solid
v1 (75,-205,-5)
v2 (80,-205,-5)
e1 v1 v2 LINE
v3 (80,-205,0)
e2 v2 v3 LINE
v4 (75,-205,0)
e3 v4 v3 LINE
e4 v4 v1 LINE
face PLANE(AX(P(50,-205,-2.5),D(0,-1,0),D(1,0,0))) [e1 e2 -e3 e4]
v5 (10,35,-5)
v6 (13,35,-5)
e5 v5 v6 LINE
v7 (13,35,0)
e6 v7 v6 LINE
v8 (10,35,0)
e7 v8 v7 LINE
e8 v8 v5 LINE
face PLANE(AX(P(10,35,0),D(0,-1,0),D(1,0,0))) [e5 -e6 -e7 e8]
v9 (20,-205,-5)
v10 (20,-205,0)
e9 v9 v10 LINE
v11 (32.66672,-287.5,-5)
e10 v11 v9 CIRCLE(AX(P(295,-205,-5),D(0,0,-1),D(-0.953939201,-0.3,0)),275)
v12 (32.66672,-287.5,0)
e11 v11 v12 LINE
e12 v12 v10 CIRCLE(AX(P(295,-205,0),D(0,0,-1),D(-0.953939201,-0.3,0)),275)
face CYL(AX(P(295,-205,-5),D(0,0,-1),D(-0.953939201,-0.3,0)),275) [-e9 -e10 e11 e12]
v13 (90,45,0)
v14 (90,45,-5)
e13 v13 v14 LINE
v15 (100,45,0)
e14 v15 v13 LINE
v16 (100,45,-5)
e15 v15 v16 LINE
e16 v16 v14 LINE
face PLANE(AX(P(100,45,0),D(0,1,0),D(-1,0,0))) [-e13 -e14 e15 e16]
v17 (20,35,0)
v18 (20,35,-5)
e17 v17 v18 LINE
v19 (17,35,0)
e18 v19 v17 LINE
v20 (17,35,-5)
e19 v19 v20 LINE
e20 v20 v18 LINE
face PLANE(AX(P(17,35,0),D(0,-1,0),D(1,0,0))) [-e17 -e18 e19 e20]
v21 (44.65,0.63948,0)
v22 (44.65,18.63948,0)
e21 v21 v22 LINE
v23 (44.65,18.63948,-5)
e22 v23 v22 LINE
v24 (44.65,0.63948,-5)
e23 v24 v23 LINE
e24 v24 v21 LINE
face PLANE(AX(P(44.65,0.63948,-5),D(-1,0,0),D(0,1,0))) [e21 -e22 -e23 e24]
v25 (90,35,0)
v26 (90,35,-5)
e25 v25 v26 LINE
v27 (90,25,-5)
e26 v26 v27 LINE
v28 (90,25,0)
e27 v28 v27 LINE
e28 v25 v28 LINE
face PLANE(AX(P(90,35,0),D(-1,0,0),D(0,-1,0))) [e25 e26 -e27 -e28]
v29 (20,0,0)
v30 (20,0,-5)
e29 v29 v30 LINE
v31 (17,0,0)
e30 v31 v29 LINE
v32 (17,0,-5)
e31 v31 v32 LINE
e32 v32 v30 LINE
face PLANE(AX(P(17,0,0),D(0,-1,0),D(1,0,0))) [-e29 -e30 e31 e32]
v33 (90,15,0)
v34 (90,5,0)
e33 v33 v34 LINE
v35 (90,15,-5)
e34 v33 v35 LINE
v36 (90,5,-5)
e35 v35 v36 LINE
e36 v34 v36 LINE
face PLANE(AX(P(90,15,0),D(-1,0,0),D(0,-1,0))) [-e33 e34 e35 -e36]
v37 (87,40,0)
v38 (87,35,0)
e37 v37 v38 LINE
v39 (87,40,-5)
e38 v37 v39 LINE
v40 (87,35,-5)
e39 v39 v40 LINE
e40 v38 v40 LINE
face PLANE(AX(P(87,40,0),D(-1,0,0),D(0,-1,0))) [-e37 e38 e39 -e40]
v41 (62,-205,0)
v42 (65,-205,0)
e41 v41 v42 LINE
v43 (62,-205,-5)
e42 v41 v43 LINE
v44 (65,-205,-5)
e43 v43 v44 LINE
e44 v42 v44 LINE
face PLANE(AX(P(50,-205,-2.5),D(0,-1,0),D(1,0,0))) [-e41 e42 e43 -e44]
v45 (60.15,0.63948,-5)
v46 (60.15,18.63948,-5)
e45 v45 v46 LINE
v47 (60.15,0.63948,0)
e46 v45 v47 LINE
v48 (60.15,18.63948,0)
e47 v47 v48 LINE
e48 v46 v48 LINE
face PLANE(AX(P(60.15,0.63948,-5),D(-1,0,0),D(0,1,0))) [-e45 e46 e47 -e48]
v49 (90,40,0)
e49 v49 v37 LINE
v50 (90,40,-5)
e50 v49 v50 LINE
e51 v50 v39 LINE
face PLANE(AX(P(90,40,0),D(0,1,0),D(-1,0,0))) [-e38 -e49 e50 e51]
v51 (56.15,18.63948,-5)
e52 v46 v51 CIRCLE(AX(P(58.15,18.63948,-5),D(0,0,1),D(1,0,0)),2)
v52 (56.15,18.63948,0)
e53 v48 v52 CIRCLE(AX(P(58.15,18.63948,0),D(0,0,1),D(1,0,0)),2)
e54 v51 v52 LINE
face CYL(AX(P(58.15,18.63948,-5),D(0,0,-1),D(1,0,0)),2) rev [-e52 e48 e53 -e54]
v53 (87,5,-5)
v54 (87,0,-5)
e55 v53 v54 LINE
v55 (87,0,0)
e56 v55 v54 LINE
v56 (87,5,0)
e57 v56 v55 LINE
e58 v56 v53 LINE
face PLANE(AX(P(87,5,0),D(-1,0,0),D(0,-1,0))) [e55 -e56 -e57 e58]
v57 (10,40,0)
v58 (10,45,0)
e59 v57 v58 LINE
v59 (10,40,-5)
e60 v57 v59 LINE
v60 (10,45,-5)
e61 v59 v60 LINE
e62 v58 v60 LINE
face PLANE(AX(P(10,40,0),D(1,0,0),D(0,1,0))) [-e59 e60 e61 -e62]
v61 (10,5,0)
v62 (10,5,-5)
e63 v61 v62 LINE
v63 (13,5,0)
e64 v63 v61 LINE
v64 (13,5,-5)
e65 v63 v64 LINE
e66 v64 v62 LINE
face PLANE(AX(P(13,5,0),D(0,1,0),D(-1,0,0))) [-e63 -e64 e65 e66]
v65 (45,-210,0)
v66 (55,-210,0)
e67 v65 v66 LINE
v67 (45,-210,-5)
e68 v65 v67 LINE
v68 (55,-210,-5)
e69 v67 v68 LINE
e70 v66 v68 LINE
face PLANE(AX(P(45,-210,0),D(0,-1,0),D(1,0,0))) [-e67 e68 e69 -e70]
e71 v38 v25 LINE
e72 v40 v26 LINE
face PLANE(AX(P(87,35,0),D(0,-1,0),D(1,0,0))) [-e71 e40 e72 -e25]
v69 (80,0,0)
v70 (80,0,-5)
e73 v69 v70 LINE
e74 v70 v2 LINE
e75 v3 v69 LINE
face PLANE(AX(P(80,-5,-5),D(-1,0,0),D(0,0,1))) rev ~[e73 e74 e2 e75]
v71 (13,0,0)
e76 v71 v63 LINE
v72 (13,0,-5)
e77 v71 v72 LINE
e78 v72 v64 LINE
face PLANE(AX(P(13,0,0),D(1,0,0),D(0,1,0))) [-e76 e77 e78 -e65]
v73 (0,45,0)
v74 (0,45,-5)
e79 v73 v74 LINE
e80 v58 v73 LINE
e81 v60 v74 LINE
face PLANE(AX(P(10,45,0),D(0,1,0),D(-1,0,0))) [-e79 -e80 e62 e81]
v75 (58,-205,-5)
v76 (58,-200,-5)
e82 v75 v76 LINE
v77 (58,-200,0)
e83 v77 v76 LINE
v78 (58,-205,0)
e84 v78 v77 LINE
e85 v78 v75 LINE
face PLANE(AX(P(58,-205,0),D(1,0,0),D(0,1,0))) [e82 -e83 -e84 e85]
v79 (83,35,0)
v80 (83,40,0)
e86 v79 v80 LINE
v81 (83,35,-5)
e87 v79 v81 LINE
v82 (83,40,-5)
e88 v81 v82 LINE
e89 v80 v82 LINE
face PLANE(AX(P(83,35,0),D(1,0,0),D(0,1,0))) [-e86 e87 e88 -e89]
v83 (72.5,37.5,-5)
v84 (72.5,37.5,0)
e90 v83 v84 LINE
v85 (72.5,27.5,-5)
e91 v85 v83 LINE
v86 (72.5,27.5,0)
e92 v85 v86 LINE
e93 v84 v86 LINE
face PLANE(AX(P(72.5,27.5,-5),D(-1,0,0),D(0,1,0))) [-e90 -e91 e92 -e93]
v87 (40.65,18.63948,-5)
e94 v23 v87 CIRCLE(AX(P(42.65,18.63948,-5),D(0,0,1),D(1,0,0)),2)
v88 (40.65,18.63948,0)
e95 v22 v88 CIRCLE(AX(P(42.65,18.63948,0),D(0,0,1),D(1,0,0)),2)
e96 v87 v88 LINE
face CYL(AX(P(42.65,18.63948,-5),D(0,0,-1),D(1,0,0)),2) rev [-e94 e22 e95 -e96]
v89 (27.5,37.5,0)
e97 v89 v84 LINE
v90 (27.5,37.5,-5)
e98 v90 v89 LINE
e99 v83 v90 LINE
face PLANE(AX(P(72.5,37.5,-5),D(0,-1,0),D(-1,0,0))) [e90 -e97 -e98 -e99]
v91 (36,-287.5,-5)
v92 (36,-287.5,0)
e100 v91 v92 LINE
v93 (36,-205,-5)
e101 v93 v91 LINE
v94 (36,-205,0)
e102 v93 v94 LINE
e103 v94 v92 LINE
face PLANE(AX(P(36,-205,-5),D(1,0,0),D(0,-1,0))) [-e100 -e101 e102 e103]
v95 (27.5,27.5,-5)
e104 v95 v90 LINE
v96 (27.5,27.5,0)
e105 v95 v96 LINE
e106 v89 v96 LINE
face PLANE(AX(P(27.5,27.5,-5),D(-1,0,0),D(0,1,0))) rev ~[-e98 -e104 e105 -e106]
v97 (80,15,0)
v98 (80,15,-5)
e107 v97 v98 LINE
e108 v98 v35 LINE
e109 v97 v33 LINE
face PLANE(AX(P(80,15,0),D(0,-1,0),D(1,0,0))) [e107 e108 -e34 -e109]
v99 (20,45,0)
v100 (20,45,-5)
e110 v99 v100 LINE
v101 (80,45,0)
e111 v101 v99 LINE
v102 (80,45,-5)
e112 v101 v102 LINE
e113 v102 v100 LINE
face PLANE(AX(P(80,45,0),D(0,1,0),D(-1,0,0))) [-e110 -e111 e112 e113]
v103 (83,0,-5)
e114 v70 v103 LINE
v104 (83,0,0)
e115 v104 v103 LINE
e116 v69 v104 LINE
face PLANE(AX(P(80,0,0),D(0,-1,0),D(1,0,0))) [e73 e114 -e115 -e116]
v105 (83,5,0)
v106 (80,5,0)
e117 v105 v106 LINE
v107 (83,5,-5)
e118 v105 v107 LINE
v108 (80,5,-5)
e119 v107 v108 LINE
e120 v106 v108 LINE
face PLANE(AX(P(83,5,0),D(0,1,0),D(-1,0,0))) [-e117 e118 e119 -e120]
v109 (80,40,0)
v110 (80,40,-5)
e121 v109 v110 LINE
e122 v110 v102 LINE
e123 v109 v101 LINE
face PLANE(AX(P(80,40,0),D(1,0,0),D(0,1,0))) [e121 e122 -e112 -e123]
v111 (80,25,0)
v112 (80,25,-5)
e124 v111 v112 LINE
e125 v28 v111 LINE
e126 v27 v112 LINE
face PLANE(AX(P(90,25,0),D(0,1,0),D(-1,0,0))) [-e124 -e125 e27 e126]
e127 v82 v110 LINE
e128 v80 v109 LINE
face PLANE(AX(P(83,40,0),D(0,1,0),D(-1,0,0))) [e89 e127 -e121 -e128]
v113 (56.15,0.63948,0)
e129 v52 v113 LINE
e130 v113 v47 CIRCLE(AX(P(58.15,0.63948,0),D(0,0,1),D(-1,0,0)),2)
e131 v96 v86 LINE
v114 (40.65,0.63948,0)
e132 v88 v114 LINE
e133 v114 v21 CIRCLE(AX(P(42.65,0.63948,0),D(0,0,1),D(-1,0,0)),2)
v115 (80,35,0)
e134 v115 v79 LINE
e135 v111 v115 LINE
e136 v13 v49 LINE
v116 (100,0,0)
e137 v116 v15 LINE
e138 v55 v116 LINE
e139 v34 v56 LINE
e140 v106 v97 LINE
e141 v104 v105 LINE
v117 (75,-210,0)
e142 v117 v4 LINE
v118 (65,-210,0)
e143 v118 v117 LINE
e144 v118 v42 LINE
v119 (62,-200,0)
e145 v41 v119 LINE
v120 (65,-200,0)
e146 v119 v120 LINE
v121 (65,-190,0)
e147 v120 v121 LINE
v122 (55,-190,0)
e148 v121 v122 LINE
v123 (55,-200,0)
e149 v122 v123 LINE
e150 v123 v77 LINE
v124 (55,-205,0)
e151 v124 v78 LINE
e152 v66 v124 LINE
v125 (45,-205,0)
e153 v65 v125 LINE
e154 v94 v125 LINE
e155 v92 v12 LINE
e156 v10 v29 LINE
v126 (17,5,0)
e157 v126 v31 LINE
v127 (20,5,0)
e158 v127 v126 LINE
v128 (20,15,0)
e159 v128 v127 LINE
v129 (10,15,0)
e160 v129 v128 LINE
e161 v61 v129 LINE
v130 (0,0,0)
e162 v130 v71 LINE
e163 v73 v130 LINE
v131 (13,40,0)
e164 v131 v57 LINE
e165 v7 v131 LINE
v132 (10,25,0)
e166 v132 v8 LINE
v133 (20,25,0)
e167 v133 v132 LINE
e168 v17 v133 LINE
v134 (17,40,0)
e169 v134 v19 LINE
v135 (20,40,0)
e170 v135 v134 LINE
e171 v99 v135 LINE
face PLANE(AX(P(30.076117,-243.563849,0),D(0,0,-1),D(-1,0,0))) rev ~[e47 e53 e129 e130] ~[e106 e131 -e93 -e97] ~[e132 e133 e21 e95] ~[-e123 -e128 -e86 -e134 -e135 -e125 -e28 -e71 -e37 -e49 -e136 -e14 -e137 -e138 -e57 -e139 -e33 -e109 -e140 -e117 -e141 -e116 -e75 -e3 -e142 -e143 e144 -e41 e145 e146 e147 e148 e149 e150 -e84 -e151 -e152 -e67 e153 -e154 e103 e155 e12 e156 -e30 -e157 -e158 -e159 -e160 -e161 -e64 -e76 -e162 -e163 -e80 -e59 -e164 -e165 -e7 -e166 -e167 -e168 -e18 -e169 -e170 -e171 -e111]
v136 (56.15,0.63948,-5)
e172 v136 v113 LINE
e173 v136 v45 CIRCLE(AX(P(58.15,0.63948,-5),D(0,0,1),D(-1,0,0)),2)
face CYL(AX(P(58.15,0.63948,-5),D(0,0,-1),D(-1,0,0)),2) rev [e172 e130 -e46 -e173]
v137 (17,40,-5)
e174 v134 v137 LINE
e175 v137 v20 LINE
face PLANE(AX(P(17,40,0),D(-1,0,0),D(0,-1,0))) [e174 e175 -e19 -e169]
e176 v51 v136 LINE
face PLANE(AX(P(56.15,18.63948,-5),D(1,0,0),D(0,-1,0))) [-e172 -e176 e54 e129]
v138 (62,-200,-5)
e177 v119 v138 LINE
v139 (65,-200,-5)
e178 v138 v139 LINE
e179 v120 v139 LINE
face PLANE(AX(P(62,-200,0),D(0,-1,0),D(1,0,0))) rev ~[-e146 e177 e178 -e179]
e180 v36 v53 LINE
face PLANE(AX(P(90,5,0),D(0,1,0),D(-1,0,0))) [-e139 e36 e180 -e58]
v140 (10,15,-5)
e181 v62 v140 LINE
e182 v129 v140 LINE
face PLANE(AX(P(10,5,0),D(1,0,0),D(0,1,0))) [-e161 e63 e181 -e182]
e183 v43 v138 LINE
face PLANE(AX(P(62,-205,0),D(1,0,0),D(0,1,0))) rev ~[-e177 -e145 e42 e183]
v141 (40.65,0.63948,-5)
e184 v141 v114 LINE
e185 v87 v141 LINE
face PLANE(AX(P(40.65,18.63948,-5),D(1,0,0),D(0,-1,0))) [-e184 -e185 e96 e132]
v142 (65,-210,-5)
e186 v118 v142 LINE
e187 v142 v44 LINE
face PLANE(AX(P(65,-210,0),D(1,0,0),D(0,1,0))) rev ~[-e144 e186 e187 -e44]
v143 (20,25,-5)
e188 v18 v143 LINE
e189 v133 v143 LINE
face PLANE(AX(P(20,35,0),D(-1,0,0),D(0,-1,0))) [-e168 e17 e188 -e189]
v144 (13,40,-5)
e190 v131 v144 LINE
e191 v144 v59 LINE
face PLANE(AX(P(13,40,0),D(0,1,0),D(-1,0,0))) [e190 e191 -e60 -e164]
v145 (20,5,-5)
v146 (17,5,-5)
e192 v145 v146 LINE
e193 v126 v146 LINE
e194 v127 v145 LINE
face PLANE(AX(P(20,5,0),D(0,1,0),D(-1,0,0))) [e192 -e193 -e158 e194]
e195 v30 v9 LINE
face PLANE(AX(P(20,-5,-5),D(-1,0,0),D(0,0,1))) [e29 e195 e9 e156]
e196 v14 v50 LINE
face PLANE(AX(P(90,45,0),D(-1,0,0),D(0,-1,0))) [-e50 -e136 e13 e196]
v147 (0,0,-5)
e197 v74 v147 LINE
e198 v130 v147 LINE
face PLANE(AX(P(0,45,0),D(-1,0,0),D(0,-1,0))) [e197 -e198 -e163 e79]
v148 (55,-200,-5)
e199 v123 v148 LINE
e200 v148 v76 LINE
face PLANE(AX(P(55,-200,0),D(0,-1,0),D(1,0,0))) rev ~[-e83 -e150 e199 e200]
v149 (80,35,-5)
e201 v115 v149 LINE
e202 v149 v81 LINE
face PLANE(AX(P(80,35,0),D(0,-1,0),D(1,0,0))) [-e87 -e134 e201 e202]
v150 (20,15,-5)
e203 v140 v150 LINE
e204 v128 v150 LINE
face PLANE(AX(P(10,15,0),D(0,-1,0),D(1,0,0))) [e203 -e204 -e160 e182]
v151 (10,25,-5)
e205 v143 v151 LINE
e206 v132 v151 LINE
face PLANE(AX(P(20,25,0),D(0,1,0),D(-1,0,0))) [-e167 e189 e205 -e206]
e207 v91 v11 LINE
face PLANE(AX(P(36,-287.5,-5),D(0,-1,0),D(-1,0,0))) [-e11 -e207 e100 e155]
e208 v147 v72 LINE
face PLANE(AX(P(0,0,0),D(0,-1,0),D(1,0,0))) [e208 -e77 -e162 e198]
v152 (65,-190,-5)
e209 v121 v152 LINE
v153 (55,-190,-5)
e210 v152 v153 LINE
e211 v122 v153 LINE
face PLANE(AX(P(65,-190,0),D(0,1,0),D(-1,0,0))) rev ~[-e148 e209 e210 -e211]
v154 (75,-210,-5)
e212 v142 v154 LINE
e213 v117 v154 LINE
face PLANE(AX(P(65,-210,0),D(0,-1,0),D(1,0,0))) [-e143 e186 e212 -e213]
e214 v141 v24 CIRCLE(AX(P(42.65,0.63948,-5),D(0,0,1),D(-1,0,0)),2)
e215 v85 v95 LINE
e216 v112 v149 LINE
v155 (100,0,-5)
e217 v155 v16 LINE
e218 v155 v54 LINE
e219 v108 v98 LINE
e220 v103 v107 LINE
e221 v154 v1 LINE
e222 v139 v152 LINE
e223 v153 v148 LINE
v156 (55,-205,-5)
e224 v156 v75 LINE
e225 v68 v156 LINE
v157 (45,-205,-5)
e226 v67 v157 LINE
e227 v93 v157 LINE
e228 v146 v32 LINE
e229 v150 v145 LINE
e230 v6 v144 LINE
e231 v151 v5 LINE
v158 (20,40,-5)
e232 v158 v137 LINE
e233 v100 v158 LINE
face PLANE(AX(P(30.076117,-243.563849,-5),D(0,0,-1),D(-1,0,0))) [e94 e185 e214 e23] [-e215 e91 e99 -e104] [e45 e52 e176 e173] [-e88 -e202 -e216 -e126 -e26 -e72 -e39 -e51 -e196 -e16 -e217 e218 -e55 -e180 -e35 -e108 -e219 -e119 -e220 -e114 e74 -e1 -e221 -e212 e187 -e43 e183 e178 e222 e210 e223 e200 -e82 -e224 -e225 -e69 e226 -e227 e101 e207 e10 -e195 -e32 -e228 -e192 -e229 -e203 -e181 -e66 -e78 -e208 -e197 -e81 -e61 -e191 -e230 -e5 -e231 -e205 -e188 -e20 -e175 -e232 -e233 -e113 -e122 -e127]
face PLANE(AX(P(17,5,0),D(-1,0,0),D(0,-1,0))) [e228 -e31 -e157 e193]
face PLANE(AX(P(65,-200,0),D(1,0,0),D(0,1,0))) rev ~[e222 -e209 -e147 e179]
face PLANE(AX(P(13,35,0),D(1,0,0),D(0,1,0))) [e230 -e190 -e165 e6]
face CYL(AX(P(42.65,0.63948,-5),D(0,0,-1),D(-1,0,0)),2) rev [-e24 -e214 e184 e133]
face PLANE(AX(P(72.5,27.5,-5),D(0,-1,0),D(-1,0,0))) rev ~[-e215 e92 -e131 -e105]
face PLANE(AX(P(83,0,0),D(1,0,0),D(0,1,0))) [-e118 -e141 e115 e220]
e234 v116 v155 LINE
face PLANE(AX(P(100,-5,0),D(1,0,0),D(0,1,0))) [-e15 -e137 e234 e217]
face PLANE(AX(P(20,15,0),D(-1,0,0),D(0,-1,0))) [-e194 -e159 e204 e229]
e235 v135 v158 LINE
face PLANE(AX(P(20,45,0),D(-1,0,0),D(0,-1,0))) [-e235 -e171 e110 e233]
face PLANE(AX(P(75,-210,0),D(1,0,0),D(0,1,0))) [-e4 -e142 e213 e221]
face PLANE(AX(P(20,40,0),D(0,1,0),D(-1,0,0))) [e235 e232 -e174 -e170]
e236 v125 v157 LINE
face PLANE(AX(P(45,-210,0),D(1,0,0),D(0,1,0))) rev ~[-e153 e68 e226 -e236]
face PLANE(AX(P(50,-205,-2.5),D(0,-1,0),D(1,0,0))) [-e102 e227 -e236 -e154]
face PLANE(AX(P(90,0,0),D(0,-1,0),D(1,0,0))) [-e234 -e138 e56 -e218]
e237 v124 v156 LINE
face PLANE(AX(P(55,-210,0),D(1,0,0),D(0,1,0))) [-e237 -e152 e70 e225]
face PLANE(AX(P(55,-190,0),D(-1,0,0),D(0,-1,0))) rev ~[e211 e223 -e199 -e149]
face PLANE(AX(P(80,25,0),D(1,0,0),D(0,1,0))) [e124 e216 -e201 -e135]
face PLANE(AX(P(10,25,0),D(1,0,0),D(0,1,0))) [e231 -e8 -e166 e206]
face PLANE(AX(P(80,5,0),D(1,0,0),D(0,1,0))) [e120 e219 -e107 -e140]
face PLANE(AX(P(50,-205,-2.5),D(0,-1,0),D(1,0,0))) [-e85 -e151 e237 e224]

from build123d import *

# Parameters (mm, degrees)
BOSS_EXTRUDE1_DEPTH = 5
CUT_EXTRUDE3_DEPTH  = 5
SKETCH5_W           = 45
SKETCH5_H           = 10
CUT_EXTRUDE4_DEPTH  = 10
SKETCH6_W           = 10
SKETCH6_H           = 5
CUT_EXTRUDE5_DEPTH  = 5
SKETCH7_W           = 60
SKETCH7_H           = 5
BOSS_EXTRUDE2_DEPTH = 200
SKETCH8_W           = 10
SKETCH8_H           = 5
BOSS_EXTRUDE3_DEPTH = 5
SKETCH9_W           = 4
SKETCH9_H           = 5
CUT_EXTRUDE6_DEPTH  = 5
BOSS_EXTRUDE4_DEPTH = 5


with BuildPart() as part:
    # Sketch1 → Boss-Extrude1 (new body)
    with BuildSketch(Plane.XY):
        Polygon((0, -5), (10, -5), (10, 0), (13, 0), (13, 5), (10, 5), (10, 15), (20, 15), (20, 5), (17, 5), (17, 0), (20, 0), (20, -5), (80, -5), (80, 0), (83, 0), (83, 5), (80, 5), (80, 15), (90, 15), (90, 5), (87, 5), (87, 0), (90, 0), (90, -5), (100, -5), (100, 45), (90, 45), (90, 40), (87, 40), (87, 35), (90, 35), (90, 25), (80, 25), (80, 35), (83, 35), (83, 40), (80, 40), (80, 45), (20, 45), (20, 40), (17, 40), (17, 35), (20, 35), (20, 25), (10, 25), (10, 35), (13, 35), (13, 40), (10, 40), (10, 45), (0, 45), align=None)
    extrude(amount=-BOSS_EXTRUDE1_DEPTH)

    # Sketch4 → Cut-Extrude3 (cut)
    with BuildSketch(Plane(origin=(0, 0, -5), x_dir=(-1, 0, 0), z_dir=(0, 0, -1))):
        with BuildLine():
            Line((-60.15, 0.639479816), (-60.15, 18.639479816))
            ThreePointArc((-60.15, 18.639479816), (-58.15, 20.639479816), (-56.15, 18.639479816))
            Line((-56.15, 18.639479816), (-56.15, 0.639479816))
            ThreePointArc((-56.15, 0.639479816), (-58.15, -1.360520184), (-60.15, 0.639479816))
        make_face()
        with BuildLine():
            Line((-44.65, 0.639479816), (-44.65, 18.639479816))
            ThreePointArc((-44.65, 18.639479816), (-42.65, 20.639479816), (-40.65, 18.639479816))
            Line((-40.65, 18.639479816), (-40.65, 0.639479816))
            ThreePointArc((-40.65, 0.639479816), (-42.65, -1.360520184), (-44.65, 0.639479816))
        make_face()
    extrude(amount=-CUT_EXTRUDE3_DEPTH, mode=Mode.SUBTRACT)

    # Sketch5 → Cut-Extrude4 (cut)
    with BuildSketch(Plane(origin=(0, 0, -5), x_dir=(-1, 0, 0), z_dir=(0, 0, -1))):
        with Locations((-50, 32.5)):
            Rectangle(SKETCH5_W, SKETCH5_H)
    extrude(amount=-CUT_EXTRUDE4_DEPTH, mode=Mode.SUBTRACT)

    # Sketch6 → Cut-Extrude5 (cut)
    with BuildSketch(Plane.XY):
        with Locations((5, -2.5)):
            Rectangle(SKETCH6_W, SKETCH6_H)
        with Locations((95, -2.5)):
            Rectangle(SKETCH6_W, SKETCH6_H)
    extrude(amount=-CUT_EXTRUDE5_DEPTH, mode=Mode.SUBTRACT)

    # Sketch7 → Boss-Extrude2 (add)
    with BuildSketch(Plane.XZ.offset(5)):
        with Locations((50, -2.5)):
            Rectangle(SKETCH7_W, SKETCH7_H)
    extrude(amount=BOSS_EXTRUDE2_DEPTH)

    # Sketch8 → Boss-Extrude3 (add)
    with BuildSketch(Plane.XY):
        with Locations((50, -207.5)):
            Rectangle(SKETCH8_W, SKETCH8_H)
        with Locations((70, -207.5)):
            Rectangle(SKETCH8_W, SKETCH8_H)
    extrude(amount=-BOSS_EXTRUDE3_DEPTH)

    # Sketch9 → Cut-Extrude6 (cut)
    with BuildSketch(Plane.XY):
        Polygon((55, -200), (58, -200), (62, -200), (65, -200), (65, -190), (55, -190), align=None)
        with Locations((60, -202.5)):
            Rectangle(SKETCH9_W, SKETCH9_H)
    extrude(amount=-CUT_EXTRUDE6_DEPTH, mode=Mode.SUBTRACT)

    # Sketch10 → Boss-Extrude4 (add)
    with BuildSketch(Plane(origin=(0, 0, -5), x_dir=(-1, 0, 0), z_dir=(0, 0, -1))):
        with BuildLine():
            Line((-36, -287.5), (-32.66671961, -287.5))
            ThreePointArc((-32.66671961, -287.5), (-23.1851254, -246.733367303), (-20, -205))
            Line((-20, -205), (-36, -205))
            Line((-36, -205), (-36, -287.5))
        make_face()
    extrude(amount=-BOSS_EXTRUDE4_DEPTH)


solid = part.part
